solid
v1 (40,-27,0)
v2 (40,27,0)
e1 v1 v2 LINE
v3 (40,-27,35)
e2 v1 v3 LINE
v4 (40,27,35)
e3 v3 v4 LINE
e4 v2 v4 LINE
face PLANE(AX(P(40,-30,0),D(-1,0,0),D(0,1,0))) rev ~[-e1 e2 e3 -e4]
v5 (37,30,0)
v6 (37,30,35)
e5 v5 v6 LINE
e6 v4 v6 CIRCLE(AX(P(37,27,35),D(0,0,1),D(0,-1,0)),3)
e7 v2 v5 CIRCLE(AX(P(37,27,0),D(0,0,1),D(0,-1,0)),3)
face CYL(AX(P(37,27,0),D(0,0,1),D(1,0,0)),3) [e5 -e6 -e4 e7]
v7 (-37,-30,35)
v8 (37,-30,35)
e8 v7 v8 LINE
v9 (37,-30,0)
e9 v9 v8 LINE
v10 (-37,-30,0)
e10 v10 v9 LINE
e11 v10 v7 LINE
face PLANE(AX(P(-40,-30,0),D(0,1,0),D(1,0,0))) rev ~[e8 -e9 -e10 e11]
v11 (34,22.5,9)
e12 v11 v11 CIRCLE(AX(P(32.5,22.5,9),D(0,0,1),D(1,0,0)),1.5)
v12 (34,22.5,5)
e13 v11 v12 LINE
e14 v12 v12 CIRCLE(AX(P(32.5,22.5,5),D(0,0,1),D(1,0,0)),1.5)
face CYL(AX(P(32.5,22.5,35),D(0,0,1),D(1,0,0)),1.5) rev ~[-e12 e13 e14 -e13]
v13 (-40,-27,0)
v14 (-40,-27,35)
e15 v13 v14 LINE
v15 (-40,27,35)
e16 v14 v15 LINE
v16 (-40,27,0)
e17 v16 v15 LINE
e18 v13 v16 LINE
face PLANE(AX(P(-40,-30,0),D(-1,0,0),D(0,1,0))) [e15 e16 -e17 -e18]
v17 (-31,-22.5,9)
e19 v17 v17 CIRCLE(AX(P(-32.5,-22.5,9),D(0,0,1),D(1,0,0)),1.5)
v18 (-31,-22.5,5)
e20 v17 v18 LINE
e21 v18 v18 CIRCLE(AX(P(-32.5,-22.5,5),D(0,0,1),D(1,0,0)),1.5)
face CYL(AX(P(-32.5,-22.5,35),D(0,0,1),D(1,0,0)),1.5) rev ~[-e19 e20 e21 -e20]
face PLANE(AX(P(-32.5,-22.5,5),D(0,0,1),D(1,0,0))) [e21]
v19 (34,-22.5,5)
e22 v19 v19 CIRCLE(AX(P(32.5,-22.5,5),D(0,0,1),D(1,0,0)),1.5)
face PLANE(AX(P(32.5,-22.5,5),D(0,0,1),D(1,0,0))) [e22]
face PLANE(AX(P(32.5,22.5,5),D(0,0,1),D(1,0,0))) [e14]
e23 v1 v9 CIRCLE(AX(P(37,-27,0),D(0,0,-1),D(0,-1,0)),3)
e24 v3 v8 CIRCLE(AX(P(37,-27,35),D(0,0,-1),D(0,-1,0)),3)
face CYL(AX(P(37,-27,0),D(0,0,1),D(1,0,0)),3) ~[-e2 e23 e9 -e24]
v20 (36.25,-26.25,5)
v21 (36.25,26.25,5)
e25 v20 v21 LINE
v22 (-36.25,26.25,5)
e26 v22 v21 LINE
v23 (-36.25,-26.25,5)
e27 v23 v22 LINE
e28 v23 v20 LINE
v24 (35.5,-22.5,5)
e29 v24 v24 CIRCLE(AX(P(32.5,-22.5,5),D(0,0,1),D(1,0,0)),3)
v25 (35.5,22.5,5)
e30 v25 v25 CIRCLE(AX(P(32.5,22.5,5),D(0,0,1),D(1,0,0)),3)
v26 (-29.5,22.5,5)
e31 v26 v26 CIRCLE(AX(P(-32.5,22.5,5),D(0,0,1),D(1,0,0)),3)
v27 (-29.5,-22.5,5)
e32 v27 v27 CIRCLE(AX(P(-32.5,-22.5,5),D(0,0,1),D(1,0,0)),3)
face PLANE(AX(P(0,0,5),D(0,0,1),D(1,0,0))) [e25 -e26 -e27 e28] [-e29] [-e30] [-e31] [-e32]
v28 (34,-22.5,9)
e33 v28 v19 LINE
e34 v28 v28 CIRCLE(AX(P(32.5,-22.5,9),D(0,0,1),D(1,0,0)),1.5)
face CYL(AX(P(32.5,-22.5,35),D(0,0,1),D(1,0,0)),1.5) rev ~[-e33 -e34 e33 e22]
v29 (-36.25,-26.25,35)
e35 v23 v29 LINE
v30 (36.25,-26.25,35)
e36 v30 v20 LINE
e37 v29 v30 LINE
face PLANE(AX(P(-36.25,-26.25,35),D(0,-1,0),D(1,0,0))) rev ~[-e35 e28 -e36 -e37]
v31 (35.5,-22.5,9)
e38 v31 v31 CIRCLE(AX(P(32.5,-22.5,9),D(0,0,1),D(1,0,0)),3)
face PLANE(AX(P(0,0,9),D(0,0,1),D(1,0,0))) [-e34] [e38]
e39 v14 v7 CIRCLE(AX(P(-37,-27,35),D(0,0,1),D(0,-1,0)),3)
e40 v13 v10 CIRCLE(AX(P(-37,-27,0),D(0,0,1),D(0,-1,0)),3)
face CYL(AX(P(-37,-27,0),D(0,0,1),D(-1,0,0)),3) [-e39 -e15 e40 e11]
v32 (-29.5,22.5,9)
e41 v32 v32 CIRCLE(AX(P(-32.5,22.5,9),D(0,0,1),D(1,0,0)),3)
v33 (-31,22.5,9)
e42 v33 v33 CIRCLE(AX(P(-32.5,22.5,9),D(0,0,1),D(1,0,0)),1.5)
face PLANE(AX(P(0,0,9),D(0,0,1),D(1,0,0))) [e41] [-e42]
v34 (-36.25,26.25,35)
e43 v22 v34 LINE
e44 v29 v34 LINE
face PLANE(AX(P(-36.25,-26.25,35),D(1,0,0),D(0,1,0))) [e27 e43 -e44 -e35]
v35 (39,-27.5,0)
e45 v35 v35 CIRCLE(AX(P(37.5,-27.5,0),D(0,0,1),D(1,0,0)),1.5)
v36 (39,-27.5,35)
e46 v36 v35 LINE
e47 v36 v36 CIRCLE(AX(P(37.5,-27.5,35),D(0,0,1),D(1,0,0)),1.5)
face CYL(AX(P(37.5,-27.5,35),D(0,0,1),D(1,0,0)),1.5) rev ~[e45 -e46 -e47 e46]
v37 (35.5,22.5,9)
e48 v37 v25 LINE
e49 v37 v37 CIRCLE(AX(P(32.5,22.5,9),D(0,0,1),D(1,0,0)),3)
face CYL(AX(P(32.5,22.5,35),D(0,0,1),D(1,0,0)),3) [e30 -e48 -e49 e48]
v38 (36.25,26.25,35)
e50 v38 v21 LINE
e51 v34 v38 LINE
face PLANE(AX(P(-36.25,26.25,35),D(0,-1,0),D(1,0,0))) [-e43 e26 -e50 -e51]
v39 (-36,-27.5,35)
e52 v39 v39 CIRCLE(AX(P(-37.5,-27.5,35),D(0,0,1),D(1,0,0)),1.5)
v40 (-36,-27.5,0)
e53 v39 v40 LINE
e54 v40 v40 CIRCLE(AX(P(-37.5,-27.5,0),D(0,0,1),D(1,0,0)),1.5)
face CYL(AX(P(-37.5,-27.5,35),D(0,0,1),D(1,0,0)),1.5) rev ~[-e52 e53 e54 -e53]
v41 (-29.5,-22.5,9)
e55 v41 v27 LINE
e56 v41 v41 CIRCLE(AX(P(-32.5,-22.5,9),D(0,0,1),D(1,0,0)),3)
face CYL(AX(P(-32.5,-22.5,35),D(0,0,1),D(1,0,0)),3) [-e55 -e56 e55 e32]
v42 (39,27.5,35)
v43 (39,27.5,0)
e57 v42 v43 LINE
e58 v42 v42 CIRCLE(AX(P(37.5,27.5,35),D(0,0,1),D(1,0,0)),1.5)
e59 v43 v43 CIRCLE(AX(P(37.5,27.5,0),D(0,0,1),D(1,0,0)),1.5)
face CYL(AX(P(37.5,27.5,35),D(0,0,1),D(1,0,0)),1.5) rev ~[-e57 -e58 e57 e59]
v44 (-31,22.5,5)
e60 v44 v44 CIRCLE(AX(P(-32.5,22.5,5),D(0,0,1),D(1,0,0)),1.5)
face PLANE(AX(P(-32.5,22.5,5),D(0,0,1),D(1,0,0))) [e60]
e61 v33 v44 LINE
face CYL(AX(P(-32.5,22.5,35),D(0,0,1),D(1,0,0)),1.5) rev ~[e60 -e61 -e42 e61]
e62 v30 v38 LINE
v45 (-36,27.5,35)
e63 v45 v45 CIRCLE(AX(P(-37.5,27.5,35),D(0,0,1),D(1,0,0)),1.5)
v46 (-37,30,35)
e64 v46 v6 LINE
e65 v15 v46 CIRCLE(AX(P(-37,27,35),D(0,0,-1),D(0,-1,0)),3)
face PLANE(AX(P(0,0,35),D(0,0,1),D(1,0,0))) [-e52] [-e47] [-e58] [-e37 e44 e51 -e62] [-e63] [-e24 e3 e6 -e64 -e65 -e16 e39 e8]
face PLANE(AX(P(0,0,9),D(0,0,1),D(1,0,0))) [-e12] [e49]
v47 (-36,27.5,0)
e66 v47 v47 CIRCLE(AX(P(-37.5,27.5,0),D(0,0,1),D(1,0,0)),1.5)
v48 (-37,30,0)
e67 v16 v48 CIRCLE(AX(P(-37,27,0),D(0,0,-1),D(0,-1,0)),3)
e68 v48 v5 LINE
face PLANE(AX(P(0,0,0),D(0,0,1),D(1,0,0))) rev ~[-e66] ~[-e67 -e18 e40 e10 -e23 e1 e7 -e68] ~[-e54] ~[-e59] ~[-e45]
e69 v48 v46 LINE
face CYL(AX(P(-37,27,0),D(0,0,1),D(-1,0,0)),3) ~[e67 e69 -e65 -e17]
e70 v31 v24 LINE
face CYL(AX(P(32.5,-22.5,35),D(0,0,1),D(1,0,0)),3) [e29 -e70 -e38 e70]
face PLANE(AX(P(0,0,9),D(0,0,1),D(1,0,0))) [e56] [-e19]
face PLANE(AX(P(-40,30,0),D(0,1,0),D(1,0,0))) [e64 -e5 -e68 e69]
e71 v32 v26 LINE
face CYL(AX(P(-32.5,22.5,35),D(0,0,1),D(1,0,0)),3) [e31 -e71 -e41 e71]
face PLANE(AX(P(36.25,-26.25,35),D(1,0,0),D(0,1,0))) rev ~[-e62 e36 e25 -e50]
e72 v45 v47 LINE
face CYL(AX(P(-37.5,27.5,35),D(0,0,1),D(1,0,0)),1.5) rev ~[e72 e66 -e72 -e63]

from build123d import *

# Parameters (mm, degrees)
SKETCH_W        = 80
SKETCH_H        = 60
PAD_DEPTH       = 35
SKETCH001_W     = 72.5
SKETCH001_H     = 52.5
SKETCH001_R     = 3
SKETCH001_R_2   = 1.5
POCKET_DEPTH    = 30
SKETCH002_R     = 1.5
POCKET001_DEPTH = 35.001
SKETCH003_W     = 72.5
SKETCH003_H     = 52.5
POCKET002_DEPTH = 26
FILLET_R        = 3


with BuildPart() as part:
    # Sketch → Pad (new body)
    with BuildSketch(Plane.XY):
        Rectangle(SKETCH_W, SKETCH_H)
    extrude(amount=PAD_DEPTH)

    # Sketch001 (on DatumPlane) → Pocket (cut)
    with BuildSketch(Plane.XY.offset(35)):
        Rectangle(SKETCH001_W, SKETCH001_H)
        with Locations((-32.5, 22.5)):
            Circle(SKETCH001_R, mode=Mode.SUBTRACT)
        with Locations((32.5, 22.5)):
            Circle(SKETCH001_R, mode=Mode.SUBTRACT)
        with Locations((32.5, -22.5)):
            Circle(SKETCH001_R, mode=Mode.SUBTRACT)
        with Locations((-32.5, -22.5)):
            Circle(SKETCH001_R, mode=Mode.SUBTRACT)
        with Locations((-32.5, 22.5)):
            Circle(SKETCH001_R_2)
        with Locations((32.5, 22.5)):
            Circle(SKETCH001_R_2)
        with Locations((32.5, -22.5)):
            Circle(SKETCH001_R_2)
        with Locations((-32.5, -22.5)):
            Circle(SKETCH001_R_2)
    extrude(amount=-POCKET_DEPTH, mode=Mode.SUBTRACT)

    # Sketch002 (on DatumPlane) → Pocket001 (cut, through all)
    with BuildSketch(Plane.XY.offset(35)):
        with Locations((37.5, -27.5)):
            Circle(SKETCH002_R)
        with Locations((37.5, 27.5)):
            Circle(SKETCH002_R)
        with Locations((-37.5, 27.5)):
            Circle(SKETCH002_R)
        with Locations((-37.5, -27.5)):
            Circle(SKETCH002_R)
    extrude(amount=-POCKET001_DEPTH, mode=Mode.SUBTRACT)

    # Sketch003 (on DatumPlane) → Pocket002 (cut)
    with BuildSketch(Plane.XY.offset(35)):
        Rectangle(SKETCH003_W, SKETCH003_H)
    extrude(amount=-POCKET002_DEPTH, mode=Mode.SUBTRACT)

    # Fillet
    fillet_edges = [part.edges().sort_by_distance(p)[0] for p in [
        (-40, -30, 17.5),
        (40, -30, 17.5),
        (40, 30, 17.5),
        (-40, 30, 17.5),
    ]]
    fillet(fillet_edges, radius=FILLET_R)


solid = part.part
